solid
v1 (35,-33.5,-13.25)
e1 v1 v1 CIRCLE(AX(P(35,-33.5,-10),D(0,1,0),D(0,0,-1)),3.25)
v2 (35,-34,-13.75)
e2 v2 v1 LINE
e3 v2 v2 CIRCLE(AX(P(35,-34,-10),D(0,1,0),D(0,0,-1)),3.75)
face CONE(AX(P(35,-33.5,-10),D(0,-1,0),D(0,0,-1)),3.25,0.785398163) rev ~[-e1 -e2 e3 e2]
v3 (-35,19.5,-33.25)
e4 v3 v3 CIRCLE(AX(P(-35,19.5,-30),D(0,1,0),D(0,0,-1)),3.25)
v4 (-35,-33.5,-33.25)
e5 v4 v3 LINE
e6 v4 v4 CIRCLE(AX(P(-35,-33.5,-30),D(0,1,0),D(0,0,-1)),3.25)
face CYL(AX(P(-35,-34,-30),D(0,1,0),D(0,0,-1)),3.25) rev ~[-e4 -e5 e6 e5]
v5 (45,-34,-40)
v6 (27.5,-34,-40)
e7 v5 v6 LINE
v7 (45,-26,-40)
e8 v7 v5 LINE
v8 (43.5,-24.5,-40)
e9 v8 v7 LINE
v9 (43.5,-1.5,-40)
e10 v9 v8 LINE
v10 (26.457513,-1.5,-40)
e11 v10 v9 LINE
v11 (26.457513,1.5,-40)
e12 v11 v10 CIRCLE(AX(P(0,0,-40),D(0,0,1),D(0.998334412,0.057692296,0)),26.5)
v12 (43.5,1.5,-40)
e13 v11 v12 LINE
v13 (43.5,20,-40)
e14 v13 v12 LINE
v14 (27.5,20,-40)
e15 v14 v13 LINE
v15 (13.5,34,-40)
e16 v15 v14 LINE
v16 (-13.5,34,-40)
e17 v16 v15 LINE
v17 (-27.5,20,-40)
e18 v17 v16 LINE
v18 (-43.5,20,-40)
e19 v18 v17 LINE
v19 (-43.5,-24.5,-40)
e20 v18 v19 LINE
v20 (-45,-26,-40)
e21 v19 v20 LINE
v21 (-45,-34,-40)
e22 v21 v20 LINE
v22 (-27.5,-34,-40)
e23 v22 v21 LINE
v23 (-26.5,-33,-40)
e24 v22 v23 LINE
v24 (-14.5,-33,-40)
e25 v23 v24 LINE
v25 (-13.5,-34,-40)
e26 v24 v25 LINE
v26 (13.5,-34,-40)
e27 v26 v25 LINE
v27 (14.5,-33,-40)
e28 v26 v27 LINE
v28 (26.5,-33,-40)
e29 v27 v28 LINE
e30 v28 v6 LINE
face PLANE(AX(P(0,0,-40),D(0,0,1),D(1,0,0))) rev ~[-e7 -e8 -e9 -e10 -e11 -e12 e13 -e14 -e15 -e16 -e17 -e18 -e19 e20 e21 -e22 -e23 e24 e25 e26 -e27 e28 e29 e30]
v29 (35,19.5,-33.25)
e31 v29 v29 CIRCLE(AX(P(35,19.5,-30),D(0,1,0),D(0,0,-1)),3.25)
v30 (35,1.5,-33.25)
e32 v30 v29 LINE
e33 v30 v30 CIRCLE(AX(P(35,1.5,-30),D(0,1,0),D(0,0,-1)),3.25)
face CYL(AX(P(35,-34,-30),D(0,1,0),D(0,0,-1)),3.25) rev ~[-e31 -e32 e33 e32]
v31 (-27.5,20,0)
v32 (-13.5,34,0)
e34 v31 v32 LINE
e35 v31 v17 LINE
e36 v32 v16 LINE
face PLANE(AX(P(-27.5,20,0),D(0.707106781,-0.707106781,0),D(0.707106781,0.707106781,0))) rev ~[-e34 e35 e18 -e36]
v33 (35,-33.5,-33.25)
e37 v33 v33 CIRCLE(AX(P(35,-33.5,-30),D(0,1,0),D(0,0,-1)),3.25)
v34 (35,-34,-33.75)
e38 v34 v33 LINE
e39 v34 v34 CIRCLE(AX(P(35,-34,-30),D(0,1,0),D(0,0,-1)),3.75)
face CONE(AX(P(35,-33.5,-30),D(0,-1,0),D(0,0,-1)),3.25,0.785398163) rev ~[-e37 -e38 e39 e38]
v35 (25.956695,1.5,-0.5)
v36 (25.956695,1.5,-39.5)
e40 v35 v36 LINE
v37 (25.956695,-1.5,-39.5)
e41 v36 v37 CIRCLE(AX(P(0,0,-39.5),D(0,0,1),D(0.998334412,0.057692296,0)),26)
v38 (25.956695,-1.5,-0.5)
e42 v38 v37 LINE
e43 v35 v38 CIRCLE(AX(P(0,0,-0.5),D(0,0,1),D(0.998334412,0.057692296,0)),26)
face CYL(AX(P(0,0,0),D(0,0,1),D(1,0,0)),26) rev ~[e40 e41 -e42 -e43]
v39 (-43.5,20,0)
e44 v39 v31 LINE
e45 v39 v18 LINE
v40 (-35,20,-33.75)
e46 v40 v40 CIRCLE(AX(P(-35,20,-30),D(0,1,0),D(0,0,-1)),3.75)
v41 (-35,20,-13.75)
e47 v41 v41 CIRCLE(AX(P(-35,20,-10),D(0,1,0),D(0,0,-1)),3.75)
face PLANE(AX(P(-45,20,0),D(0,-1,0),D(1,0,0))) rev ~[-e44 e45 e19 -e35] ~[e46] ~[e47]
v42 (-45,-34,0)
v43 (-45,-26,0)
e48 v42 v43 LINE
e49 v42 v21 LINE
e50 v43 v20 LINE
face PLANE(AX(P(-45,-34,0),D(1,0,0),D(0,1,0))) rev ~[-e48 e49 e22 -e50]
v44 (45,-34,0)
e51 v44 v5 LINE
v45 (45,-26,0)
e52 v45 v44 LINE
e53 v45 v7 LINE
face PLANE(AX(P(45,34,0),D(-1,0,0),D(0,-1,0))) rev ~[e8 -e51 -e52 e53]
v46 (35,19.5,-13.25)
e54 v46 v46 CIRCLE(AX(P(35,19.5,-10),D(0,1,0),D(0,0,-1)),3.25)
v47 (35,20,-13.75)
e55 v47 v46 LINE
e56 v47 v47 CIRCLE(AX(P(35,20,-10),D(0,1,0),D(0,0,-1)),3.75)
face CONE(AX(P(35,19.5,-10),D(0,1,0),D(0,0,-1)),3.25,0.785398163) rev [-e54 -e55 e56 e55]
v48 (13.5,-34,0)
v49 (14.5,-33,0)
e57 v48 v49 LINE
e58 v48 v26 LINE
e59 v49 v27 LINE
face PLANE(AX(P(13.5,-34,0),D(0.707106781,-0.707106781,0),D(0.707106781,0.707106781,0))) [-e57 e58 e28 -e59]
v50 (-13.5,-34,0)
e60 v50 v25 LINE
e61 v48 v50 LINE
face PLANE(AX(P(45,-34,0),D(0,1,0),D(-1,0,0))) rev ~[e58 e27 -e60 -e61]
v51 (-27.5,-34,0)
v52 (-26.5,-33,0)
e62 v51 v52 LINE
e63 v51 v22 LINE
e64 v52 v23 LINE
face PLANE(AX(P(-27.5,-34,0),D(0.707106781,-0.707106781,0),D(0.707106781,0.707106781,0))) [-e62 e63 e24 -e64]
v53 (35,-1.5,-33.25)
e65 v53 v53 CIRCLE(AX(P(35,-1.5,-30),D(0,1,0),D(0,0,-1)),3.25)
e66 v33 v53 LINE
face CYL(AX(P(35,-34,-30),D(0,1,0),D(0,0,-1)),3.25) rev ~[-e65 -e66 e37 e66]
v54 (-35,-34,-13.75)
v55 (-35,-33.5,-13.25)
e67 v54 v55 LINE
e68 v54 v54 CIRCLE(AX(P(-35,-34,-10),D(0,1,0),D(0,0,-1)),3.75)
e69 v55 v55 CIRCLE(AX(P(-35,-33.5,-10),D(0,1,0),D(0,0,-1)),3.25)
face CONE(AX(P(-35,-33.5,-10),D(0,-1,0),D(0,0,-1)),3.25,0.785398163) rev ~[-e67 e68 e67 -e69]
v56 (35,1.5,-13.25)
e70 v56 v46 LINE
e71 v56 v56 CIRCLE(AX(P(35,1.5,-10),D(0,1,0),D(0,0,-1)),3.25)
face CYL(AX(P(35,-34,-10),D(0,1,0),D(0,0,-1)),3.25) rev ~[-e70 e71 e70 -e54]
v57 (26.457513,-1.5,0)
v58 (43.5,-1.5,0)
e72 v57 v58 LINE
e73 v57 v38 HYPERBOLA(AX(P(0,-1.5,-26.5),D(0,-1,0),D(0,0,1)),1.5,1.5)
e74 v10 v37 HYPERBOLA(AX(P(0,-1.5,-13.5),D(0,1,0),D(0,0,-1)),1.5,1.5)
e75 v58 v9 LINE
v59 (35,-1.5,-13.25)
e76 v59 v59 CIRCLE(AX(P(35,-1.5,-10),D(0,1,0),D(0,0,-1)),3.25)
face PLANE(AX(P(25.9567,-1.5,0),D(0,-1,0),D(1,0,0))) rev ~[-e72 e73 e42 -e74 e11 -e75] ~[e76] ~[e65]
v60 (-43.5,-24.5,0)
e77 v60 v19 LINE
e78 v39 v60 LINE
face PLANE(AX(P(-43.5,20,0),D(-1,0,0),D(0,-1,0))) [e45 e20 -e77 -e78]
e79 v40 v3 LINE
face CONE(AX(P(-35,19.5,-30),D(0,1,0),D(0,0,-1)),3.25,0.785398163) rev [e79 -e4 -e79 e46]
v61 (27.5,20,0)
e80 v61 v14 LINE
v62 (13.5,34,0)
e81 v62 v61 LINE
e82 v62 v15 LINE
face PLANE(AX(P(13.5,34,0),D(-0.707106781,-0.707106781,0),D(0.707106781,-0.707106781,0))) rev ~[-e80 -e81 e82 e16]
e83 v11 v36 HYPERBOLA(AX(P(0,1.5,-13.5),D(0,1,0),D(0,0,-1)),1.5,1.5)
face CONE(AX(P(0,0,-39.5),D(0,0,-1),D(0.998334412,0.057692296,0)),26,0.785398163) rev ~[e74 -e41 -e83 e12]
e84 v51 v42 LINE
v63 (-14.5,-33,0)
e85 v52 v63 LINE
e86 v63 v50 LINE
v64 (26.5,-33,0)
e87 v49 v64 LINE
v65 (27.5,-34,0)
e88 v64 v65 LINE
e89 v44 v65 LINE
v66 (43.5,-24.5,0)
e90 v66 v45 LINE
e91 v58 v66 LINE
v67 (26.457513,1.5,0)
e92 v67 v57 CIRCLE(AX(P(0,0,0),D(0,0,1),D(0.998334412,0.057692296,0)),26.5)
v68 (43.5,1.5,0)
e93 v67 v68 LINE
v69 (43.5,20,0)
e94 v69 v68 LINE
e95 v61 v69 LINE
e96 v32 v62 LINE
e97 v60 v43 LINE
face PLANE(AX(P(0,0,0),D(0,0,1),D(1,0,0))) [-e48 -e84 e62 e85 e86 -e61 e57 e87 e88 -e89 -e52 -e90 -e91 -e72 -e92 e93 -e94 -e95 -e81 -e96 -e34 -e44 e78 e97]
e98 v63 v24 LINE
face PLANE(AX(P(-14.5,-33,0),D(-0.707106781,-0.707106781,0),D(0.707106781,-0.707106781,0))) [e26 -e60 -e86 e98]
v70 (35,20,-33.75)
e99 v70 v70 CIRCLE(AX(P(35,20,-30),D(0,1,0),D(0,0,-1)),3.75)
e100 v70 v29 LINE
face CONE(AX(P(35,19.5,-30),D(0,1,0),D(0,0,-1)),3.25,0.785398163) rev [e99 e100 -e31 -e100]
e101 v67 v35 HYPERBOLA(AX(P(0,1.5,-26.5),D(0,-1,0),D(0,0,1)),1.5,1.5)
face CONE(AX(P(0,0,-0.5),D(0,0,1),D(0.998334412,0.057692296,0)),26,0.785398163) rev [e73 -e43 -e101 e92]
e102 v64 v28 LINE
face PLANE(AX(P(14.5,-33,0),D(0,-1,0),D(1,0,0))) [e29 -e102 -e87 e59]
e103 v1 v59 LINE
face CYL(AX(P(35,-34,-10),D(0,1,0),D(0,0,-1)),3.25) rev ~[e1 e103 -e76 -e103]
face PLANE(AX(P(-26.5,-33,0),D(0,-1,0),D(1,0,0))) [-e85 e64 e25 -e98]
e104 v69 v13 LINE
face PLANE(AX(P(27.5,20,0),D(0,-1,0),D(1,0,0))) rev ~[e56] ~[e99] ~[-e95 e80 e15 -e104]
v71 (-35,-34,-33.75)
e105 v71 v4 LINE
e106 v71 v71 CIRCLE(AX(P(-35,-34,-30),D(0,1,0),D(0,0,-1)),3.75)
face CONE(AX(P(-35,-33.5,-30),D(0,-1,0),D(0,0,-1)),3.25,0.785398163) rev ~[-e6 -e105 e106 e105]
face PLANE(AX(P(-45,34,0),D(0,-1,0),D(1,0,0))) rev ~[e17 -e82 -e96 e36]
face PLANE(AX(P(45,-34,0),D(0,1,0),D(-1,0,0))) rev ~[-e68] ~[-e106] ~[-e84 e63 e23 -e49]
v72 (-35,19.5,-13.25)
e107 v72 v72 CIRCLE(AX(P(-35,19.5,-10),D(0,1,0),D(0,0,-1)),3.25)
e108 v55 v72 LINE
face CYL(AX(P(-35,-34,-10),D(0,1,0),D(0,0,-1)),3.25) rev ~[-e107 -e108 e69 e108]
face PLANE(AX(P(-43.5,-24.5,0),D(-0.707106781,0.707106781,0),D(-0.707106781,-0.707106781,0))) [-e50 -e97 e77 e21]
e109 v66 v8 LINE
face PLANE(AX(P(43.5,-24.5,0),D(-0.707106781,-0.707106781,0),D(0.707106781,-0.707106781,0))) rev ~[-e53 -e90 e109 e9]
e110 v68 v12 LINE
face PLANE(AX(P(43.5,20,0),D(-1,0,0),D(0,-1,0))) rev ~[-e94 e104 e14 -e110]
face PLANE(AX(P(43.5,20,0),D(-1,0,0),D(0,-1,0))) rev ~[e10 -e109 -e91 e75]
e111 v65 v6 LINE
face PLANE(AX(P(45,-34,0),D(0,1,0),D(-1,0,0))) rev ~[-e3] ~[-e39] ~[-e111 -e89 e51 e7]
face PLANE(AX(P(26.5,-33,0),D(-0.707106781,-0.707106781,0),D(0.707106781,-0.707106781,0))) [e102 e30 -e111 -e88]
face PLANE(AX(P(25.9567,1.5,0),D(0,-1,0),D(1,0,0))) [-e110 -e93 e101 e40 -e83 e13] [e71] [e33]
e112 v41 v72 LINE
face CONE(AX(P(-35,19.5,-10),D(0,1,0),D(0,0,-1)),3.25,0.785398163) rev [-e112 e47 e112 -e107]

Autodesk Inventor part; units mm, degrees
ref_plane "YZ Plane" through (0, 0, 0) normal (1, 0, 0) x (0, 1, 0)
ref_plane "XZ Plane" through (0, 0, 0) normal (0, 1, 0) x (-1, 0, 0)
ref_plane "XY Plane" through (0, 0, 0) normal (0, 0, 1) x (1, 0, 0)
sketch "Эскиз1" plane through (0, 0, 0) normal (0, 0, 1) x (1, 0, 0)
  line L0 (-45, 34) -> (45, 34)
  line L1 (45, 34) -> (45, -34)
  line L2 (45, -34) -> (-45, -34)
  line L3 (-45, -34) -> (-45, 34)
  point P0 (0, 0)
  point P1 (-45, 0)
  point P2 (0, 34)
  dimension "d0" = 90
  dimension "d1" = 68
extrude "Выдавливание1" add sketch "Эскиз1" against normal blind 40
sketch "Эскиз2" plane through (0, 0, 0) normal (0, 0, 1) x (1, 0, 0)
  line L0 (-45, -34) -> (-45, 34) projected
  line L1 (-45, 20) -> (-27.5, 20)
  line L2 (-27.5, 20) -> (-13.5, 34)
  line L3 (-13.5, 34) -> (13.5, 34)
  line L4 (-45, 34) -> (45, 34) projected
  line L5 (13.5, 34) -> (27.5, 20)
  line L6 (27.5, 20) -> (45, 20)
  line L7 (45, 34) -> (45, -34) projected
  line L8 (45, -34) -> (-45, -34) projected
  point P0 (0, 0)
  dimension "d4" = 27
  dimension "d5" = 55
  dimension "d6" = 17.5
  dimension "d7" = 14
  dimension "d8" = 54
  dimension "d9" = 135
extrude "Выдавливание2" cut sketch "Эскиз2" against normal blind 40 contours L0 L4 L2 L1 | L6 L5 L4 L7
sketch "Эскиз3" plane through (0, 0, 0) normal (0, 0, 1) x (1, 0, 0)
  line L0 (-45, 20) -> (-27.5, 20) projected
  line L1 (-43.5, 20) -> (-43.5, -24.5)
  line L2 (-43.5, -24.5) -> (-45, -26)
  line L3 (-45, -34) -> (-45, 20) projected
  line L4 (45, -34) -> (-45, -34) projected
  point P0 (0, 0)
  dimension "d12" = 1.5
  dimension "d13" = 1.5
  dimension "d14" = 8
extrude "Выдавливание3" cut sketch "Эскиз3" against normal blind 40
sketch "Эскиз5" plane through (0, 0, 0) normal (0, 0, 1) x (1, 0, 0)
  line L0 (27.5, 20) -> (45, 20) projected
  line L1 (43.5, 20) -> (43.5, -24.5)
  line L2 (43.5, -24.5) -> (45, -26)
  line L3 (45, 20) -> (45, -34) projected
  point P0 (0, 0)
  point P1 (-43.5, -24.5)
  point P2 (-45, -26)
  dimension "d21" = 1.5
extrude "Выдавливание4" cut sketch "Эскиз5" against normal blind 40
sketch "Эскиз6" plane through (0, 0, 0) normal (0, 0, 1) x (1, 0, 0)
  circle A0 centre (0, 0) radius 26
  line L0 (25.9567, 1.5) -> (43.5, 1.5)
  line L1 (43.5, 20) -> (43.5, -24.5) projected
  line L2 (25.9567, -1.5) -> (43.5, -1.5)
  line L3 (45, -34) -> (-45, -34) projected
  point P0 (0, -26)
  dimension "d24" = 52
  dimension "d25" = 8
  dimension "d26" = 3
  dimension "d27" = 1.5
extrude "Выдавливание5" cut sketch "Эскиз6" against normal blind 40
sketch "Эскиз7" plane through (-45, -34, 0) normal (0, -1, 0) x (1, 0, 0)
  line L0 (90, 0) -> (0, 0) projected
  line L1 (0, 0) -> (0, -40) projected
  point P0 (45, 0)
  point P1 (80, -30)
  point P2 (80, -10)
  point P3 (10, -10)
  point P4 (10, -30)
  dimension "d30" = 20
  dimension "d31" = 70
  dimension "d32" = 10
  dimension "d33" = 10
hole "Отверстие1" at (35, -34, -30) at (35, -34, -10) at (-35, -34, -10) at (-35, -34, -30) direction (0, 1, 0) diameter 6.5 end through all
chamfer "Фаска1" distance 0.5 angle 45 10 edges at (35, 20, -26.75) (35, 20, -6.75) (-35, 20, -26.75) (-35, 20, -6.75) (-26, 0, -40) (-26, 0, 0) (35, -34, -26.75) (-35, -34, -26.75) (35, -34, -6.75) (-35, -34, -6.75)
sketch "Эскиз8" plane through (0, 0, 0) normal (0, 0, 1) x (1, 0, 0)
  line L0 (45, -34) -> (-45, -34) projected
  line L1 (-27.5, -34) -> (-26.5, -33)
  line L2 (-26.5, -33) -> (-14.5, -33)
  line L3 (-14.5, -33) -> (-13.5, -34)
  line L4 (13.5, -34) -> (14.5, -33)
  line L5 (14.5, -33) -> (26.5, -33)
  line L6 (26.5, -33) -> (27.5, -34)
  point P0 (0, 0)
  point P1 (-27.5, 20)
  point P2 (-13.5, 34)
  point P3 (13.5, 34)
  point P4 (27.5, 20)
  dimension "d44" = 1
  dimension "d45" = 45
  dimension "d46" = 45
  dimension "d47" = 45
extrude "Выдавливание6" cut sketch "Эскиз8" against normal blind 40
properties part number "SMK52"
